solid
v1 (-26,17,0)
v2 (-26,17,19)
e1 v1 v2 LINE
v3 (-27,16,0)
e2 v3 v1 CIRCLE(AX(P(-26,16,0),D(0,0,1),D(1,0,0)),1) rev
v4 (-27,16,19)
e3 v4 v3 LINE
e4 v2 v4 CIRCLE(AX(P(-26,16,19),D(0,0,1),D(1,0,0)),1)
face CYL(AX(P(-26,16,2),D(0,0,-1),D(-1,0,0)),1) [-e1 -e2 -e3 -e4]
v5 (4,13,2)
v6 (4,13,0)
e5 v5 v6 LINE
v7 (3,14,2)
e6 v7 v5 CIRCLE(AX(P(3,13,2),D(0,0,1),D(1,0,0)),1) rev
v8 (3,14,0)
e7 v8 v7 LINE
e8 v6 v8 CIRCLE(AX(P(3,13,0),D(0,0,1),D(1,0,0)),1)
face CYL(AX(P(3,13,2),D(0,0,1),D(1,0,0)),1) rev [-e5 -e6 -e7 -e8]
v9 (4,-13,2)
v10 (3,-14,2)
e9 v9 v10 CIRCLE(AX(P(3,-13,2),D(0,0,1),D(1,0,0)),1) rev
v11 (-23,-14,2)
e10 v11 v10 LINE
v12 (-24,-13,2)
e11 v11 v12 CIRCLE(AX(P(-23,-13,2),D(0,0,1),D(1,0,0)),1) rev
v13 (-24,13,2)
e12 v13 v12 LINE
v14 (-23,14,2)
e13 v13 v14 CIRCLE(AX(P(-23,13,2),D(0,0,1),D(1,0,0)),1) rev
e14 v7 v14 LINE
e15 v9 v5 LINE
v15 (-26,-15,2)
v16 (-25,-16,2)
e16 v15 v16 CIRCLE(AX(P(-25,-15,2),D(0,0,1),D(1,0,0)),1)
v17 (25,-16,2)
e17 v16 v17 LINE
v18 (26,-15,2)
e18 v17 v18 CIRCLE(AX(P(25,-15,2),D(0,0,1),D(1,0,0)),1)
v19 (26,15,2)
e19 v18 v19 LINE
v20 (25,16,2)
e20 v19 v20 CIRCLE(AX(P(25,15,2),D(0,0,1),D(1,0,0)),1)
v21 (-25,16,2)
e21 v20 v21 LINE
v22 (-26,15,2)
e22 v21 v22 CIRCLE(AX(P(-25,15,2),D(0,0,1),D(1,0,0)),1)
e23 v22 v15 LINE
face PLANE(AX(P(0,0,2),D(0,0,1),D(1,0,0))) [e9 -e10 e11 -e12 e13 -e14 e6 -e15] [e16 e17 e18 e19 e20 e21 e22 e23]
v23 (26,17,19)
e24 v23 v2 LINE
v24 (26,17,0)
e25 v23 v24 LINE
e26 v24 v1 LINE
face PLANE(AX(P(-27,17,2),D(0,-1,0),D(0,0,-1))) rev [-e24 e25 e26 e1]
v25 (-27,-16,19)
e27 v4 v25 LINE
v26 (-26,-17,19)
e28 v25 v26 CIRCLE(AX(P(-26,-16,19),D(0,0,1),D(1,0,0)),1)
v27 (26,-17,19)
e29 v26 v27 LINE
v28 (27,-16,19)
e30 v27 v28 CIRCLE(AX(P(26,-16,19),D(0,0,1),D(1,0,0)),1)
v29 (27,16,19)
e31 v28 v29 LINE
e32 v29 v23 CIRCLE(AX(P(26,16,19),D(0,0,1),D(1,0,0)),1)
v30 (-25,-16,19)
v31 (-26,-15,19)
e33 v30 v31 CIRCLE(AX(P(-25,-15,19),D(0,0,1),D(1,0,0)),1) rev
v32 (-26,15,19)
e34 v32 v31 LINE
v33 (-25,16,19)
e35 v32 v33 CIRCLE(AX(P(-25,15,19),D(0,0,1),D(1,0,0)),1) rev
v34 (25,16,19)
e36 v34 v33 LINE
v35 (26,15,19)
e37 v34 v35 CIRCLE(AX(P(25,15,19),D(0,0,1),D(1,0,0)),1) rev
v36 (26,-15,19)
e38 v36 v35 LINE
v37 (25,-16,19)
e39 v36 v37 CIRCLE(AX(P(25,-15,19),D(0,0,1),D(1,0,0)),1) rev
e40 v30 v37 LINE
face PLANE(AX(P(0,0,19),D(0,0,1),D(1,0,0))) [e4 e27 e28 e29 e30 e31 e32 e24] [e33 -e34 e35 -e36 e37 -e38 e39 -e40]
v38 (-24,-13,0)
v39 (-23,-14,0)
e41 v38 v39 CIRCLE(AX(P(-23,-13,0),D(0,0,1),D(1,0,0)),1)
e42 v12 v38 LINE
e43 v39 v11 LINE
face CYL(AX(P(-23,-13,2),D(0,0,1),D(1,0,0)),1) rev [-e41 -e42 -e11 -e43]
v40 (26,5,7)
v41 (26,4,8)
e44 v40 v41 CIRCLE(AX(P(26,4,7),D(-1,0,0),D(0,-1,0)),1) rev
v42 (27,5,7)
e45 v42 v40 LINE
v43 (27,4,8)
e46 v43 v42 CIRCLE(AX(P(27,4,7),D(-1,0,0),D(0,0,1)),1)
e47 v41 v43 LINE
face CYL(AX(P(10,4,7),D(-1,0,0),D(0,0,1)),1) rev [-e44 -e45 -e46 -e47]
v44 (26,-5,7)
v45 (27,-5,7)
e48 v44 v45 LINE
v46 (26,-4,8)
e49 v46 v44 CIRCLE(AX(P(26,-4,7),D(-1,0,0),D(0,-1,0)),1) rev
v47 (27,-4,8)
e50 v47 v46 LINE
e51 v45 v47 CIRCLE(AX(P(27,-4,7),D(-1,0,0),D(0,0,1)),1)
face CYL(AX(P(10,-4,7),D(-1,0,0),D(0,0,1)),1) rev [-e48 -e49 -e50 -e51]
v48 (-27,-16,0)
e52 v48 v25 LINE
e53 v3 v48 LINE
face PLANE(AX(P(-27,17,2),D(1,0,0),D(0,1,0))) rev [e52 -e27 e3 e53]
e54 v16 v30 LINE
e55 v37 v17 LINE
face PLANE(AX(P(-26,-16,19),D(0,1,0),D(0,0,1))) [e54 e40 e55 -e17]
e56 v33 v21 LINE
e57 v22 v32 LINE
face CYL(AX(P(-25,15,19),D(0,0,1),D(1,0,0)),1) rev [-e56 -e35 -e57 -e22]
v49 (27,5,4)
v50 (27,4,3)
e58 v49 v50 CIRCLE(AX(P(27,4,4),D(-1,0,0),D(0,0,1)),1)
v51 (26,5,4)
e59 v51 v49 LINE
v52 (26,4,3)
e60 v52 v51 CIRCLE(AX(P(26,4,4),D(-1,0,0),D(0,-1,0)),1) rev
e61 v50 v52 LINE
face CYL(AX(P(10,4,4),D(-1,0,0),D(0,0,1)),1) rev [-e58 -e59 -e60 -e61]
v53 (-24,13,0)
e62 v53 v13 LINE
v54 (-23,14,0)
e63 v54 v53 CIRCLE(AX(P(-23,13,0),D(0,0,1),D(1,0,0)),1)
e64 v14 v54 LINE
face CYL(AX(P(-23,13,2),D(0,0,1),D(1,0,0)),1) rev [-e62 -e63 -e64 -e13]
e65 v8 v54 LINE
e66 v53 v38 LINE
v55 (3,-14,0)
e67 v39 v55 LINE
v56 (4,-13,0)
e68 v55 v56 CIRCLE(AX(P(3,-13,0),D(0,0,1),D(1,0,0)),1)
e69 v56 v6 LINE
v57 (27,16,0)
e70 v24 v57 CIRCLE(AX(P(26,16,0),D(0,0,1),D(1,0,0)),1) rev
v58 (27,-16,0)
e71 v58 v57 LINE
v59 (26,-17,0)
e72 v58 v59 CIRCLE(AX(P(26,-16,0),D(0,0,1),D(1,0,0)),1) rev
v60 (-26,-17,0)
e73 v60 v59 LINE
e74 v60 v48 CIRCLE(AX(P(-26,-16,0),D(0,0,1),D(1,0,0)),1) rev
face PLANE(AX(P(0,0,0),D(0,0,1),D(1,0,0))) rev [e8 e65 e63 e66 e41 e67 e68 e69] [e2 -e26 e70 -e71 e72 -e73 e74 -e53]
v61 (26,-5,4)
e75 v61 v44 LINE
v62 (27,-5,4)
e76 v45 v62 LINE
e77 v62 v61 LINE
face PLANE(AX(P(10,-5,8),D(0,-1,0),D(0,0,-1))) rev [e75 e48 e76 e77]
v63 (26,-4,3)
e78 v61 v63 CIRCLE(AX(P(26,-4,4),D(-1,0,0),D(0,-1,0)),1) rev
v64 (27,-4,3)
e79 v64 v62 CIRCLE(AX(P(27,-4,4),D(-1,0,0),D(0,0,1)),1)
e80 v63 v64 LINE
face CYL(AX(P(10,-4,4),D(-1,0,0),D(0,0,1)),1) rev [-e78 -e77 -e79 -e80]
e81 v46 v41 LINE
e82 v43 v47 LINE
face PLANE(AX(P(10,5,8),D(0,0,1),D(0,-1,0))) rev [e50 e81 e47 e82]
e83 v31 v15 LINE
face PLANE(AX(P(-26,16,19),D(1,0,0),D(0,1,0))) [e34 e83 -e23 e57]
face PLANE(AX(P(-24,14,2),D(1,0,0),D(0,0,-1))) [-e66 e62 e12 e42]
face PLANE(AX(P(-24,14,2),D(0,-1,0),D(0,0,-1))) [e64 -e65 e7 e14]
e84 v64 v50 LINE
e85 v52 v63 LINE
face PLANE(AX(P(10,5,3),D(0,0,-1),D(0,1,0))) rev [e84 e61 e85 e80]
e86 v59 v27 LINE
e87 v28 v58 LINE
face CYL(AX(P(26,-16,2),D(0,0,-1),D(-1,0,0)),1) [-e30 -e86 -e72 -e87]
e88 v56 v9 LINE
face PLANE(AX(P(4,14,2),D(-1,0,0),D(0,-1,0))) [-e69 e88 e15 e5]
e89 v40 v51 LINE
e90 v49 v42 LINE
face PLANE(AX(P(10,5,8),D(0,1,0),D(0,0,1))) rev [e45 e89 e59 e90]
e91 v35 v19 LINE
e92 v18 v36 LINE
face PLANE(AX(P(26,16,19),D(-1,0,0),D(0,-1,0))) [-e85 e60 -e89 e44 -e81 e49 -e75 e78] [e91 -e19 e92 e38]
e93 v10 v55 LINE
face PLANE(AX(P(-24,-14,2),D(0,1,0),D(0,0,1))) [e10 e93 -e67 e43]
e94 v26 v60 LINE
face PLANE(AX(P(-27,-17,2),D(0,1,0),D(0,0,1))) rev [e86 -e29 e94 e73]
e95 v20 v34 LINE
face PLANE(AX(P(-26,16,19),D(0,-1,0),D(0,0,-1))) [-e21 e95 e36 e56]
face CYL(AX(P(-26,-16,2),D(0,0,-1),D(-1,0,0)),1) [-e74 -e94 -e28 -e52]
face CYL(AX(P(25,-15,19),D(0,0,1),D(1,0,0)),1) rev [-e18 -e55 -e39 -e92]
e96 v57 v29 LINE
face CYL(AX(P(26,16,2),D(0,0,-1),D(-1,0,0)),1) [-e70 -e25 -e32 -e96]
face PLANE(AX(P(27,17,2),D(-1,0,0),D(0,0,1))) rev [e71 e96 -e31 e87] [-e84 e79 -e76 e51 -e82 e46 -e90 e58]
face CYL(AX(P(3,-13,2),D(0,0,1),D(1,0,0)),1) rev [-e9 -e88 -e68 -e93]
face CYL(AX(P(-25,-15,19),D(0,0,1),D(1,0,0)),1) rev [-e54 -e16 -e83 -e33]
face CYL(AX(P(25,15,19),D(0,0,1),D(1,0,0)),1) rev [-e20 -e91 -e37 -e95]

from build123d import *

# Parameters (mm, degrees)
SKETCH1_W           = 54
SKETCH1_H           = 34
SKETCH1_W_2         = 28
SKETCH1_H_2         = 28
BOSS_EXTRUDE1_DEPTH = 2
SKETCH2_W           = 54
SKETCH2_H           = 34
SKETCH2_W_2         = 52
SKETCH2_H_2         = 32
BOSS_EXTRUDE2_DEPTH = 17
FILLET1_R           = 1
FILLET2_R           = 1
SKETCH3_W           = 5
SKETCH3_H           = 10
CUT_EXTRUDE1_DEPTH  = 17
FILLET3_R           = 1
FILLET4_R           = 1


with BuildPart() as part:
    # Sketch1 → Boss-Extrude1 (new body)
    with BuildSketch(Plane.XY):
        Rectangle(SKETCH1_W, SKETCH1_H)
        with Locations((-10, 0)):
            Rectangle(SKETCH1_W_2, SKETCH1_H_2, mode=Mode.SUBTRACT)
    extrude(amount=BOSS_EXTRUDE1_DEPTH)

    # Sketch2 → Boss-Extrude2 (add)
    with BuildSketch(Plane.XY.offset(2)):
        Rectangle(SKETCH2_W, SKETCH2_H)
        Rectangle(SKETCH2_W_2, SKETCH2_H_2, mode=Mode.SUBTRACT)
    extrude(amount=BOSS_EXTRUDE2_DEPTH)

    # Fillet1
    fillet1_edges = [part.edges().sort_by_distance(p)[0] for p in [
        (26, 16, 10.5),
        (-26, 16, 10.5),
        (-26, -16, 10.5),
        (26, -16, 10.5),
    ]]
    fillet(fillet1_edges, radius=FILLET1_R)

    # Fillet2
    fillet2_edges = [part.edges().sort_by_distance(p)[0] for p in [
        (27, -17, 9.5),
        (-27, -17, 9.5),
        (-27, 17, 9.5),
        (27, 17, 9.5),
    ]]
    fillet(fillet2_edges, radius=FILLET2_R)

    # Sketch3 → Cut-Extrude1 (cut)
    with BuildSketch(Plane(origin=(27, 0, 0), x_dir=(0, 0, -1), z_dir=(1, 0, 0))):
        with Locations((-5.5, 0)):
            Rectangle(SKETCH3_W, SKETCH3_H)
    extrude(amount=-CUT_EXTRUDE1_DEPTH, mode=Mode.SUBTRACT)

    # Fillet3
    fillet3_edges = [part.edges().sort_by_distance(p)[0] for p in [
        (26.5, 5, 3),
        (26.5, -5, 3),
        (26.5, -5, 8),
        (26.5, 5, 8),
    ]]
    fillet(fillet3_edges, radius=FILLET3_R)

    # Fillet4
    fillet4_edges = [part.edges().sort_by_distance(p)[0] for p in [
        (4, -14, 1),
        (4, 14, 1),
        (-24, 14, 1),
        (-24, -14, 1),
    ]]
    fillet(fillet4_edges, radius=FILLET4_R)


solid = part.part
